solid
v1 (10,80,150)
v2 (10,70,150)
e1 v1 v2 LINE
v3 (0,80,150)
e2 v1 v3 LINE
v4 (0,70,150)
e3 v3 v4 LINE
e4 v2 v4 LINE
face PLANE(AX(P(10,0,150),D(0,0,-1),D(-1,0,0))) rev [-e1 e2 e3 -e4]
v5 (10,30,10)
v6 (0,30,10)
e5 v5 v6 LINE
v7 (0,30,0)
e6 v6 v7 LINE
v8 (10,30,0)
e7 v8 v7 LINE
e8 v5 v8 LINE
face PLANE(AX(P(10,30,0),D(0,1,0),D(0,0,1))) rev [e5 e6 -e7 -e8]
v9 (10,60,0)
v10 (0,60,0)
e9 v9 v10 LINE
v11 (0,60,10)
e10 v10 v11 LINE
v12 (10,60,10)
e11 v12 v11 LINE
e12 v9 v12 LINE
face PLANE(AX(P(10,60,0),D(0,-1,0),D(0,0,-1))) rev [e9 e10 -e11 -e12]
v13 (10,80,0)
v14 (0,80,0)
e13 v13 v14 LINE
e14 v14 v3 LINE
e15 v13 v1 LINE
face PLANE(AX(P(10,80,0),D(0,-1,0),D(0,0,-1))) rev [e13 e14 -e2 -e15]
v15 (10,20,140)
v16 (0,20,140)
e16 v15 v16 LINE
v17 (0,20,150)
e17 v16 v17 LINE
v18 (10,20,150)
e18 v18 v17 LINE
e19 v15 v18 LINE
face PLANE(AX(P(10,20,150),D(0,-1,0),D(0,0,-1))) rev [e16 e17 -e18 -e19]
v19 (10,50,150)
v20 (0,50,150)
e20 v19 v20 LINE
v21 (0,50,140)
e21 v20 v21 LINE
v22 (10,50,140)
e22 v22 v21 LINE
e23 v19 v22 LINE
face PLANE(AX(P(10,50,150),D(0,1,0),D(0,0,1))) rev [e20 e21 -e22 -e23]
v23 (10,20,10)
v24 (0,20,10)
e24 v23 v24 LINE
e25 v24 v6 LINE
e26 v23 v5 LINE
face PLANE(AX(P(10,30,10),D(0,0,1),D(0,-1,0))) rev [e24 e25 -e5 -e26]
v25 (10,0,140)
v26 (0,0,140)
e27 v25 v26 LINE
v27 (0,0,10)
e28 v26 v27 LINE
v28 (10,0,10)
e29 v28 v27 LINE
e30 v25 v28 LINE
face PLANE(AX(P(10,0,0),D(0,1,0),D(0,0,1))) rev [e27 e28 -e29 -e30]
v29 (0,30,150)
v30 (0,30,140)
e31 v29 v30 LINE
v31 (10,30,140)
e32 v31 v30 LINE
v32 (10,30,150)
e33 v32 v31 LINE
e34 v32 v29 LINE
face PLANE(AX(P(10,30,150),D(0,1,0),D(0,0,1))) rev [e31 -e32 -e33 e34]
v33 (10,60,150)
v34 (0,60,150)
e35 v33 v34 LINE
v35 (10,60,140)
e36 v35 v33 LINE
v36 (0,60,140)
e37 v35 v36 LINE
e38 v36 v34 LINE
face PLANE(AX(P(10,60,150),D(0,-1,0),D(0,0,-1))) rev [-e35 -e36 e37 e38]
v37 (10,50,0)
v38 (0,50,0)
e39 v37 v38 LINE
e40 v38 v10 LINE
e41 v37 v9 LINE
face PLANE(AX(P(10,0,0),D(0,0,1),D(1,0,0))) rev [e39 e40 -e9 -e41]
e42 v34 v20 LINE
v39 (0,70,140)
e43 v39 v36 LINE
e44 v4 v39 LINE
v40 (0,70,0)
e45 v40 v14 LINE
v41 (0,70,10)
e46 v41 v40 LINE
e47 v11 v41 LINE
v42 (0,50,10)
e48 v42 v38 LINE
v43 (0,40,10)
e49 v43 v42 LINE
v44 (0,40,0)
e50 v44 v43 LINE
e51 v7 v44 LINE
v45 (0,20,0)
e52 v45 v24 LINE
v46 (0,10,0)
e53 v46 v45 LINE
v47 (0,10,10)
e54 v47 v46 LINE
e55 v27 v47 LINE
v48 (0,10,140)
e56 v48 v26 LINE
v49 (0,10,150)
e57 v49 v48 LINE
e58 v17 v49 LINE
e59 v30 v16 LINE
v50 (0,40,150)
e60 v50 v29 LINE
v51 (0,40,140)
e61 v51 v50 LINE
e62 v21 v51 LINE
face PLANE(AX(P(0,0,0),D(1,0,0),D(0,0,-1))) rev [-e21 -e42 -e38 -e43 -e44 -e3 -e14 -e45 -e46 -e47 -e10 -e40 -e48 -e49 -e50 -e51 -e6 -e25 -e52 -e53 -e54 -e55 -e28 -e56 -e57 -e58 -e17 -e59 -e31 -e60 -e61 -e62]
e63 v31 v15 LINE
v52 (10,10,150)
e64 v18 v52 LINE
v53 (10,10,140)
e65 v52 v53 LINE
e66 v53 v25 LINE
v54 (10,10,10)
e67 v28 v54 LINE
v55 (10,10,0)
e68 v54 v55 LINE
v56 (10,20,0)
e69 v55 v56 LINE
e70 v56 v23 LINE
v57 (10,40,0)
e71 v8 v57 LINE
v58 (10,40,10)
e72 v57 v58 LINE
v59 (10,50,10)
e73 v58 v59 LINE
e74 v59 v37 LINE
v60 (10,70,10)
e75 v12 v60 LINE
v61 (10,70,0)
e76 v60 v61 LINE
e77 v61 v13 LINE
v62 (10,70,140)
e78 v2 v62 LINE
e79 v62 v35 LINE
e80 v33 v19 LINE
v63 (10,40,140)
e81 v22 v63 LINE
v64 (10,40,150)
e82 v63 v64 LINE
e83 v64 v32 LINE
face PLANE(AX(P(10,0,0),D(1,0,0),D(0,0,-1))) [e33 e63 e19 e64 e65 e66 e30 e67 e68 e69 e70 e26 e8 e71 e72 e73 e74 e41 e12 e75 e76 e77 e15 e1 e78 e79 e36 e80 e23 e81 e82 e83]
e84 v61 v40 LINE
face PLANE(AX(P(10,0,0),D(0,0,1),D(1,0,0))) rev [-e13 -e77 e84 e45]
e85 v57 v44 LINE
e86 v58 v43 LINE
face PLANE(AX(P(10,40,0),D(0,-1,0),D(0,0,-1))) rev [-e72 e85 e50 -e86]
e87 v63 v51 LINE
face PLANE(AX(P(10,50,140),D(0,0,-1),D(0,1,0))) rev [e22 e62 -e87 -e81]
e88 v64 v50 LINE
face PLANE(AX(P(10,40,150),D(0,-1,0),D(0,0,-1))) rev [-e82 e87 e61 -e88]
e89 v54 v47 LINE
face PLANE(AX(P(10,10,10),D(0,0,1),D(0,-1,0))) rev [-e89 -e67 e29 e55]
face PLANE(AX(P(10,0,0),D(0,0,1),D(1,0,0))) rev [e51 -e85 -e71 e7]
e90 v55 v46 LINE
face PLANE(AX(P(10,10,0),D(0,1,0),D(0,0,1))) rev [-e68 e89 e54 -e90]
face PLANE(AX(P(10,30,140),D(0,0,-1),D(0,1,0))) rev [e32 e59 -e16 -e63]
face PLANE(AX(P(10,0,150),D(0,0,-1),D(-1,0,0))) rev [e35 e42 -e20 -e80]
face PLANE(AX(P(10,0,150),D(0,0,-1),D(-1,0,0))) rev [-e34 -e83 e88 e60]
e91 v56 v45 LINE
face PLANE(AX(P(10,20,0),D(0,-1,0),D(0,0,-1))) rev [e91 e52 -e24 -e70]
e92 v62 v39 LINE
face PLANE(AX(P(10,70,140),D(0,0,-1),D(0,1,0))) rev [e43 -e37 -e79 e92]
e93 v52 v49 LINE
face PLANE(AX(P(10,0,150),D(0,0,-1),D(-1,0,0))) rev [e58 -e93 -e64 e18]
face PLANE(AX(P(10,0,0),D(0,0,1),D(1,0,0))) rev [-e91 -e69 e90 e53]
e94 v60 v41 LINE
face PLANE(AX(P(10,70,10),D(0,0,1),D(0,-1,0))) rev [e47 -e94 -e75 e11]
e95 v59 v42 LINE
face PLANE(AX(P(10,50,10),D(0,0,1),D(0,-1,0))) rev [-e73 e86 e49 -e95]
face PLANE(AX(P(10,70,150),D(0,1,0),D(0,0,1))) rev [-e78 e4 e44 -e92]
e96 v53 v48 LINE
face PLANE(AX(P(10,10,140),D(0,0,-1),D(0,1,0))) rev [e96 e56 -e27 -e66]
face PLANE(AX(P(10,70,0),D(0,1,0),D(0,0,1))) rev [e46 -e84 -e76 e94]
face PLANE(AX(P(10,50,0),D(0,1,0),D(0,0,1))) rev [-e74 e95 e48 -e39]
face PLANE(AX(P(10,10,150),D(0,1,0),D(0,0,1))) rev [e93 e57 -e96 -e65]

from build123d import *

# Parameters (mm, degrees)
ESQUISSE1_W                = 150
ESQUISSE1_H                = 80
BOSS_EXTRU_1_DEPTH         = 10
ESQUISSE2_W                = 10
ESQUISSE2_H                = 10
ENL_V_MAT_EXTRU_1_DEPTH    = 10
R_P_TITION_LIN_AIRE1_COUNT = 4
R_P_TITION_LIN_AIRE1_PITCH = 20


with BuildPart() as part:
    # Esquisse1 → Boss.-Extru.1 (new body)
    with BuildSketch(Plane(origin=(0, 0, 0), x_dir=(0, 0, -1), z_dir=(1, 0, 0))):
        with Locations((-75, 40)):
            Rectangle(ESQUISSE1_W, ESQUISSE1_H)
    extrude(amount=BOSS_EXTRU_1_DEPTH)

    # Esquisse2 → Enlèv. mat.-Extru.1 (cut)
    with BuildSketch(Plane.ZY):
        with Locations((5, 65)):
            Rectangle(ESQUISSE2_W, ESQUISSE2_H)
        with Locations((145, 65)):
            Rectangle(ESQUISSE2_W, ESQUISSE2_H)
    enl_v_mat_extru_1 = extrude(amount=-ENL_V_MAT_EXTRU_1_DEPTH, mode=Mode.SUBTRACT)

    # Répétition linéaire1: Enlèv. mat.-Extru.1 ×4
    with Locations(*[(0, -i * R_P_TITION_LIN_AIRE1_PITCH, 0) for i in range(1, R_P_TITION_LIN_AIRE1_COUNT)]):
        add(enl_v_mat_extru_1, mode=Mode.SUBTRACT)


solid = part.part
